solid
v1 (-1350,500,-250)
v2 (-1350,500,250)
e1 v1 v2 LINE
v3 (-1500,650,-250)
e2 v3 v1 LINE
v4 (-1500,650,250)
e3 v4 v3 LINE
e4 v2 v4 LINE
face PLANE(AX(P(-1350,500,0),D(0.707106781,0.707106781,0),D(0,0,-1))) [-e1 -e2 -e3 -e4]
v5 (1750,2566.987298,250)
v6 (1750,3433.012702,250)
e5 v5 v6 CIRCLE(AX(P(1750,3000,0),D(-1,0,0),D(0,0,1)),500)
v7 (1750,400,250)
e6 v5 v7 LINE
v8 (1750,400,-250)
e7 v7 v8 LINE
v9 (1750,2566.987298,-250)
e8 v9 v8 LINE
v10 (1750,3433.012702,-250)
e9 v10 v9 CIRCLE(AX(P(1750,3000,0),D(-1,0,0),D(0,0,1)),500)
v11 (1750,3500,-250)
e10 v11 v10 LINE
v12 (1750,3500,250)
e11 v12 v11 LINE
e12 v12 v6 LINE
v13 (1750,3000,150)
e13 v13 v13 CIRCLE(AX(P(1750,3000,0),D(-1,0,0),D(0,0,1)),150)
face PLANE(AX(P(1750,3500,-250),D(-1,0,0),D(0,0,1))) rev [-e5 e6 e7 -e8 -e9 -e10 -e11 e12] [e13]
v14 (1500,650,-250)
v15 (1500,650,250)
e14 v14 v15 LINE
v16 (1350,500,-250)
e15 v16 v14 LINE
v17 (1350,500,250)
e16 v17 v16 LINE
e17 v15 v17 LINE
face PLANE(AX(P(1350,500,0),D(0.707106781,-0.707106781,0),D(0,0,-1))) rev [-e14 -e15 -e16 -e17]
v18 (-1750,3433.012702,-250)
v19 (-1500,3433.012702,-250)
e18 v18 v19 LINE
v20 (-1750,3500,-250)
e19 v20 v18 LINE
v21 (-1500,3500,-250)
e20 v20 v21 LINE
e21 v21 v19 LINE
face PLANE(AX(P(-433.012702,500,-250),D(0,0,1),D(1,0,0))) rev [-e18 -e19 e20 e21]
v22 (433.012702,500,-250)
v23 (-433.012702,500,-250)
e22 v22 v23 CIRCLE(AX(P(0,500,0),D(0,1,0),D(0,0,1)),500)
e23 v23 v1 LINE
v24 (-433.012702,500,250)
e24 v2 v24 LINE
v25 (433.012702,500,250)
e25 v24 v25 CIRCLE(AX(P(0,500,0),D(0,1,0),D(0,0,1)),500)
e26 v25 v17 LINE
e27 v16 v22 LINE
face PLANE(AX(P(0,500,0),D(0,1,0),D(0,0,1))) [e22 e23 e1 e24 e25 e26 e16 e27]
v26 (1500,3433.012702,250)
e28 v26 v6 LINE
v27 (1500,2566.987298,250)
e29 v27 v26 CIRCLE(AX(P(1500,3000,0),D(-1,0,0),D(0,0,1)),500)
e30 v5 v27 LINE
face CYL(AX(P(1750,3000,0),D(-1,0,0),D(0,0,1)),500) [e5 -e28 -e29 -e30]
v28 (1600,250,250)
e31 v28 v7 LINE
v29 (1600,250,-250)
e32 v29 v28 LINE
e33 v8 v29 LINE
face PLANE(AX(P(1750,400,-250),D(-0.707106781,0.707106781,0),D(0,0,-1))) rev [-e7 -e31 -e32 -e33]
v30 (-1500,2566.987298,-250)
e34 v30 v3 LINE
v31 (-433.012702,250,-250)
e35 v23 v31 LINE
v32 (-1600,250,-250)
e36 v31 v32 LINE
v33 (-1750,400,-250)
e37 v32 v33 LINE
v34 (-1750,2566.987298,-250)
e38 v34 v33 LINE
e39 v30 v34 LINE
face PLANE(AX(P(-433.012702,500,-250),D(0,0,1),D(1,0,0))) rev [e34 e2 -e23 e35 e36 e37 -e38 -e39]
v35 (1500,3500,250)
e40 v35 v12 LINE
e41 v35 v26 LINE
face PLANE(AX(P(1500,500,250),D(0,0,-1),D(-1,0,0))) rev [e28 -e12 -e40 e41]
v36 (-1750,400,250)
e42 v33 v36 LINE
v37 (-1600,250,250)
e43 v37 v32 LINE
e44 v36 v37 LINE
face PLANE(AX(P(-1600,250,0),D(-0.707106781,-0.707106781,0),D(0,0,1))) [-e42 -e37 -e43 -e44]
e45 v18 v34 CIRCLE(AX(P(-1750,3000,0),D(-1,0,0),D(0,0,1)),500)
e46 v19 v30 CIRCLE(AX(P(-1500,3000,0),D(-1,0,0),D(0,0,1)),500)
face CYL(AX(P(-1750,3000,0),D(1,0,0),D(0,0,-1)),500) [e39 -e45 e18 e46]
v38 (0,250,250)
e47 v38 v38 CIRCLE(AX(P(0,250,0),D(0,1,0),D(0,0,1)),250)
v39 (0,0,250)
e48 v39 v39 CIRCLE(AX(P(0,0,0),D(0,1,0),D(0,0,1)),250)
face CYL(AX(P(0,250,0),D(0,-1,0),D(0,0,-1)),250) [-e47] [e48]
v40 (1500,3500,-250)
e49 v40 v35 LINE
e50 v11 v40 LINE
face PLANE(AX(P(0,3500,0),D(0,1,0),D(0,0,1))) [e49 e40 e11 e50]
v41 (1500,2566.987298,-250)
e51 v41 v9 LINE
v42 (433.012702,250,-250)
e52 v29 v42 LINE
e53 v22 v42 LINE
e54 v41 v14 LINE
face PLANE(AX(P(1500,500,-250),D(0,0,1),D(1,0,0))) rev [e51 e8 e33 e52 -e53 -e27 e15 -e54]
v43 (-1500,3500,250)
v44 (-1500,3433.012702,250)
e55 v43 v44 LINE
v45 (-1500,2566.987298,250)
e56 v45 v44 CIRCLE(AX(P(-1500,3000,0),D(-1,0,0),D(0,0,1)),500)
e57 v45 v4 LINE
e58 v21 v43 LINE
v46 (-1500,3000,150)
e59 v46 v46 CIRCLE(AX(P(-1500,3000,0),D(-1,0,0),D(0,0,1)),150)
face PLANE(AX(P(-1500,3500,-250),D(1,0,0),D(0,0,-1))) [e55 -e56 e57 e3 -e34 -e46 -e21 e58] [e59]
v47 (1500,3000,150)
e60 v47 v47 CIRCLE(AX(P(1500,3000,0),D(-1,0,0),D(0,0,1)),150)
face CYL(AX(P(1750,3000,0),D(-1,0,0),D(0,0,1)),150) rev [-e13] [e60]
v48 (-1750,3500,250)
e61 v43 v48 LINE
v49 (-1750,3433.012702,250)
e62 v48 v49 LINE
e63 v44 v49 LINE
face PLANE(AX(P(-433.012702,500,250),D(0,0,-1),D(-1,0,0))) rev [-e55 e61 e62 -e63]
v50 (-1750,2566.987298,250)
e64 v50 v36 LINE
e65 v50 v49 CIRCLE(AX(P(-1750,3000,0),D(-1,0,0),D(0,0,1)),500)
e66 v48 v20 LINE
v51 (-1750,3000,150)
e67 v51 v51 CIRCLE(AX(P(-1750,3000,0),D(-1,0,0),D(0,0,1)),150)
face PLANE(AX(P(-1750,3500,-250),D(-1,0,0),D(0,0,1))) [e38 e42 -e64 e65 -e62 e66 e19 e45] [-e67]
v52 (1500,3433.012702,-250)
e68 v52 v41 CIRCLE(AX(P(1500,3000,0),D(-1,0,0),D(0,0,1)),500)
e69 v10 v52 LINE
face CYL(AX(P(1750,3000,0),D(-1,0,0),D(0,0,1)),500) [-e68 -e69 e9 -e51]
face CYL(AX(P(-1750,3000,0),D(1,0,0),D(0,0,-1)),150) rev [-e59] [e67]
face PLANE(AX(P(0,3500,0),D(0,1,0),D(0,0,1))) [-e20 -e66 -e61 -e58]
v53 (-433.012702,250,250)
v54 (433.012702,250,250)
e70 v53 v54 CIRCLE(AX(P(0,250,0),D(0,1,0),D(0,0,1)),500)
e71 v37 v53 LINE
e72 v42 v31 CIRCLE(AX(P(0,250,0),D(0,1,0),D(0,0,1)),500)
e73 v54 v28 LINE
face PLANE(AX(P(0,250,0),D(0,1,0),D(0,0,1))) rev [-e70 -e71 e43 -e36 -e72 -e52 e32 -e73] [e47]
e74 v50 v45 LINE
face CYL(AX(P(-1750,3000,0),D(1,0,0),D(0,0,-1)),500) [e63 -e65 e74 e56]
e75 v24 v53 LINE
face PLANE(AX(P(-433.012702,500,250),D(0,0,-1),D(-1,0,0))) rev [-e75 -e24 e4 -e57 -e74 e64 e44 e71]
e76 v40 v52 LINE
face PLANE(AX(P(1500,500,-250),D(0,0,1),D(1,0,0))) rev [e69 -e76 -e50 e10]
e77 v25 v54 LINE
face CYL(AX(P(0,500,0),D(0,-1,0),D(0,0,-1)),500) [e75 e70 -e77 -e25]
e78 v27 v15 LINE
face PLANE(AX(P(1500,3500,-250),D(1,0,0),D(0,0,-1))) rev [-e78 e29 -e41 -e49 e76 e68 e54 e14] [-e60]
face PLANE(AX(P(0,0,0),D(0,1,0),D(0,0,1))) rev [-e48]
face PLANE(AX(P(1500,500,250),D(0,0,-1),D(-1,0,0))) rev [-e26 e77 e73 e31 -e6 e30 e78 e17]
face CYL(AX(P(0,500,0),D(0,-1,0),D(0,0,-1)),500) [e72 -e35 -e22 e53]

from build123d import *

# Parameters (mm, degrees)
SKETCH1_R           = 250
BOSS_EXTRUDE1_DEPTH = 250
BOSS_EXTRUDE2_DEPTH = 250
SKETCH4_W           = 250
SKETCH4_H           = 500
BOSS_EXTRUDE3_DEPTH = 3250
SKETCH7_R           = 500
BOSS_EXTRUDE4_DEPTH = 250
SKETCH8_R           = 150
CUT_EXTRUDE1_DEPTH  = 250
CHAMFER1_SIZE       = 150


with BuildPart() as part:
    # Sketch1 → Boss-Extrude1 (new body)
    with BuildSketch(Plane(origin=(0, 0, 0), x_dir=(1, 0, 0), z_dir=(0, 1, 0))):
        with Locations(Location((0, 0, 0), (0, 0, 270))):
            Circle(SKETCH1_R)
    extrude(amount=BOSS_EXTRUDE1_DEPTH)

    # Sketch2 → Boss-Extrude2 (add)
    with BuildSketch(Plane(origin=(0, 250, 0), x_dir=(1, 0, 0), z_dir=(0, 1, 0))):
        with BuildLine():
            Line((-433.012701892, 250), (-1500, 250))
            Line((-1500, 250), (-1500, -250))
            Line((-1500, -250), (-433.012701892, -250))
            ThreePointArc((-433.012701892, -250), (0, -500), (433.012701892, -250))
            Line((433.012701892, -250), (1500, -250))
            Line((1500, -250), (1500, 250))
            Line((1500, 250), (433.012701892, 250))
            ThreePointArc((433.012701892, 250), (0, 500), (-433.012701892, 250))
        make_face()
    extrude(amount=BOSS_EXTRUDE2_DEPTH)

    # Sketch4 → Boss-Extrude3 (add)
    with BuildSketch(Plane(origin=(0, 250, 0), x_dir=(1, 0, 0), z_dir=(0, 1, 0))):
        with Locations((1625, 0)):
            Rectangle(SKETCH4_W, SKETCH4_H)
    boss_extrude3 = extrude(amount=BOSS_EXTRUDE3_DEPTH)

    # Sketch7 → Boss-Extrude4 (add)
    with BuildSketch(Plane.ZY.offset(-1500)):
        with Locations((0, 3000)):
            Circle(SKETCH7_R)
    boss_extrude4 = extrude(amount=-BOSS_EXTRUDE4_DEPTH)

    # Sketch8 → Cut-Extrude1 (cut)
    with BuildSketch(Plane.ZY.offset(-1500)):
        with Locations((0, 3000)):
            Circle(SKETCH8_R)
    cut_extrude1 = extrude(amount=-CUT_EXTRUDE1_DEPTH, mode=Mode.SUBTRACT)

    # Mirror1: Boss-Extrude3, Boss-Extrude4, Cut-Extrude1 across plane
    add(boss_extrude3.mirror(Plane(origin=(0, 0, 0), x_dir=(0, 0, 1), z_dir=(1, 0, 0))))
    add(boss_extrude4.mirror(Plane(origin=(0, 0, 0), x_dir=(0, 0, 1), z_dir=(1, 0, 0))))
    add(cut_extrude1.mirror(Plane(origin=(0, 0, 0), x_dir=(0, 0, 1), z_dir=(1, 0, 0))), mode=Mode.SUBTRACT)

    # Chamfer1
    chamfer1_edges = [part.edges().sort_by_distance(p)[0] for p in [
        (1500, 500, 0),
        (-1500, 500, 0),
        (1750, 250, 0),
        (-1750, 250, 0),
    ]]
    chamfer(chamfer1_edges, length=CHAMFER1_SIZE)


solid = part.part
